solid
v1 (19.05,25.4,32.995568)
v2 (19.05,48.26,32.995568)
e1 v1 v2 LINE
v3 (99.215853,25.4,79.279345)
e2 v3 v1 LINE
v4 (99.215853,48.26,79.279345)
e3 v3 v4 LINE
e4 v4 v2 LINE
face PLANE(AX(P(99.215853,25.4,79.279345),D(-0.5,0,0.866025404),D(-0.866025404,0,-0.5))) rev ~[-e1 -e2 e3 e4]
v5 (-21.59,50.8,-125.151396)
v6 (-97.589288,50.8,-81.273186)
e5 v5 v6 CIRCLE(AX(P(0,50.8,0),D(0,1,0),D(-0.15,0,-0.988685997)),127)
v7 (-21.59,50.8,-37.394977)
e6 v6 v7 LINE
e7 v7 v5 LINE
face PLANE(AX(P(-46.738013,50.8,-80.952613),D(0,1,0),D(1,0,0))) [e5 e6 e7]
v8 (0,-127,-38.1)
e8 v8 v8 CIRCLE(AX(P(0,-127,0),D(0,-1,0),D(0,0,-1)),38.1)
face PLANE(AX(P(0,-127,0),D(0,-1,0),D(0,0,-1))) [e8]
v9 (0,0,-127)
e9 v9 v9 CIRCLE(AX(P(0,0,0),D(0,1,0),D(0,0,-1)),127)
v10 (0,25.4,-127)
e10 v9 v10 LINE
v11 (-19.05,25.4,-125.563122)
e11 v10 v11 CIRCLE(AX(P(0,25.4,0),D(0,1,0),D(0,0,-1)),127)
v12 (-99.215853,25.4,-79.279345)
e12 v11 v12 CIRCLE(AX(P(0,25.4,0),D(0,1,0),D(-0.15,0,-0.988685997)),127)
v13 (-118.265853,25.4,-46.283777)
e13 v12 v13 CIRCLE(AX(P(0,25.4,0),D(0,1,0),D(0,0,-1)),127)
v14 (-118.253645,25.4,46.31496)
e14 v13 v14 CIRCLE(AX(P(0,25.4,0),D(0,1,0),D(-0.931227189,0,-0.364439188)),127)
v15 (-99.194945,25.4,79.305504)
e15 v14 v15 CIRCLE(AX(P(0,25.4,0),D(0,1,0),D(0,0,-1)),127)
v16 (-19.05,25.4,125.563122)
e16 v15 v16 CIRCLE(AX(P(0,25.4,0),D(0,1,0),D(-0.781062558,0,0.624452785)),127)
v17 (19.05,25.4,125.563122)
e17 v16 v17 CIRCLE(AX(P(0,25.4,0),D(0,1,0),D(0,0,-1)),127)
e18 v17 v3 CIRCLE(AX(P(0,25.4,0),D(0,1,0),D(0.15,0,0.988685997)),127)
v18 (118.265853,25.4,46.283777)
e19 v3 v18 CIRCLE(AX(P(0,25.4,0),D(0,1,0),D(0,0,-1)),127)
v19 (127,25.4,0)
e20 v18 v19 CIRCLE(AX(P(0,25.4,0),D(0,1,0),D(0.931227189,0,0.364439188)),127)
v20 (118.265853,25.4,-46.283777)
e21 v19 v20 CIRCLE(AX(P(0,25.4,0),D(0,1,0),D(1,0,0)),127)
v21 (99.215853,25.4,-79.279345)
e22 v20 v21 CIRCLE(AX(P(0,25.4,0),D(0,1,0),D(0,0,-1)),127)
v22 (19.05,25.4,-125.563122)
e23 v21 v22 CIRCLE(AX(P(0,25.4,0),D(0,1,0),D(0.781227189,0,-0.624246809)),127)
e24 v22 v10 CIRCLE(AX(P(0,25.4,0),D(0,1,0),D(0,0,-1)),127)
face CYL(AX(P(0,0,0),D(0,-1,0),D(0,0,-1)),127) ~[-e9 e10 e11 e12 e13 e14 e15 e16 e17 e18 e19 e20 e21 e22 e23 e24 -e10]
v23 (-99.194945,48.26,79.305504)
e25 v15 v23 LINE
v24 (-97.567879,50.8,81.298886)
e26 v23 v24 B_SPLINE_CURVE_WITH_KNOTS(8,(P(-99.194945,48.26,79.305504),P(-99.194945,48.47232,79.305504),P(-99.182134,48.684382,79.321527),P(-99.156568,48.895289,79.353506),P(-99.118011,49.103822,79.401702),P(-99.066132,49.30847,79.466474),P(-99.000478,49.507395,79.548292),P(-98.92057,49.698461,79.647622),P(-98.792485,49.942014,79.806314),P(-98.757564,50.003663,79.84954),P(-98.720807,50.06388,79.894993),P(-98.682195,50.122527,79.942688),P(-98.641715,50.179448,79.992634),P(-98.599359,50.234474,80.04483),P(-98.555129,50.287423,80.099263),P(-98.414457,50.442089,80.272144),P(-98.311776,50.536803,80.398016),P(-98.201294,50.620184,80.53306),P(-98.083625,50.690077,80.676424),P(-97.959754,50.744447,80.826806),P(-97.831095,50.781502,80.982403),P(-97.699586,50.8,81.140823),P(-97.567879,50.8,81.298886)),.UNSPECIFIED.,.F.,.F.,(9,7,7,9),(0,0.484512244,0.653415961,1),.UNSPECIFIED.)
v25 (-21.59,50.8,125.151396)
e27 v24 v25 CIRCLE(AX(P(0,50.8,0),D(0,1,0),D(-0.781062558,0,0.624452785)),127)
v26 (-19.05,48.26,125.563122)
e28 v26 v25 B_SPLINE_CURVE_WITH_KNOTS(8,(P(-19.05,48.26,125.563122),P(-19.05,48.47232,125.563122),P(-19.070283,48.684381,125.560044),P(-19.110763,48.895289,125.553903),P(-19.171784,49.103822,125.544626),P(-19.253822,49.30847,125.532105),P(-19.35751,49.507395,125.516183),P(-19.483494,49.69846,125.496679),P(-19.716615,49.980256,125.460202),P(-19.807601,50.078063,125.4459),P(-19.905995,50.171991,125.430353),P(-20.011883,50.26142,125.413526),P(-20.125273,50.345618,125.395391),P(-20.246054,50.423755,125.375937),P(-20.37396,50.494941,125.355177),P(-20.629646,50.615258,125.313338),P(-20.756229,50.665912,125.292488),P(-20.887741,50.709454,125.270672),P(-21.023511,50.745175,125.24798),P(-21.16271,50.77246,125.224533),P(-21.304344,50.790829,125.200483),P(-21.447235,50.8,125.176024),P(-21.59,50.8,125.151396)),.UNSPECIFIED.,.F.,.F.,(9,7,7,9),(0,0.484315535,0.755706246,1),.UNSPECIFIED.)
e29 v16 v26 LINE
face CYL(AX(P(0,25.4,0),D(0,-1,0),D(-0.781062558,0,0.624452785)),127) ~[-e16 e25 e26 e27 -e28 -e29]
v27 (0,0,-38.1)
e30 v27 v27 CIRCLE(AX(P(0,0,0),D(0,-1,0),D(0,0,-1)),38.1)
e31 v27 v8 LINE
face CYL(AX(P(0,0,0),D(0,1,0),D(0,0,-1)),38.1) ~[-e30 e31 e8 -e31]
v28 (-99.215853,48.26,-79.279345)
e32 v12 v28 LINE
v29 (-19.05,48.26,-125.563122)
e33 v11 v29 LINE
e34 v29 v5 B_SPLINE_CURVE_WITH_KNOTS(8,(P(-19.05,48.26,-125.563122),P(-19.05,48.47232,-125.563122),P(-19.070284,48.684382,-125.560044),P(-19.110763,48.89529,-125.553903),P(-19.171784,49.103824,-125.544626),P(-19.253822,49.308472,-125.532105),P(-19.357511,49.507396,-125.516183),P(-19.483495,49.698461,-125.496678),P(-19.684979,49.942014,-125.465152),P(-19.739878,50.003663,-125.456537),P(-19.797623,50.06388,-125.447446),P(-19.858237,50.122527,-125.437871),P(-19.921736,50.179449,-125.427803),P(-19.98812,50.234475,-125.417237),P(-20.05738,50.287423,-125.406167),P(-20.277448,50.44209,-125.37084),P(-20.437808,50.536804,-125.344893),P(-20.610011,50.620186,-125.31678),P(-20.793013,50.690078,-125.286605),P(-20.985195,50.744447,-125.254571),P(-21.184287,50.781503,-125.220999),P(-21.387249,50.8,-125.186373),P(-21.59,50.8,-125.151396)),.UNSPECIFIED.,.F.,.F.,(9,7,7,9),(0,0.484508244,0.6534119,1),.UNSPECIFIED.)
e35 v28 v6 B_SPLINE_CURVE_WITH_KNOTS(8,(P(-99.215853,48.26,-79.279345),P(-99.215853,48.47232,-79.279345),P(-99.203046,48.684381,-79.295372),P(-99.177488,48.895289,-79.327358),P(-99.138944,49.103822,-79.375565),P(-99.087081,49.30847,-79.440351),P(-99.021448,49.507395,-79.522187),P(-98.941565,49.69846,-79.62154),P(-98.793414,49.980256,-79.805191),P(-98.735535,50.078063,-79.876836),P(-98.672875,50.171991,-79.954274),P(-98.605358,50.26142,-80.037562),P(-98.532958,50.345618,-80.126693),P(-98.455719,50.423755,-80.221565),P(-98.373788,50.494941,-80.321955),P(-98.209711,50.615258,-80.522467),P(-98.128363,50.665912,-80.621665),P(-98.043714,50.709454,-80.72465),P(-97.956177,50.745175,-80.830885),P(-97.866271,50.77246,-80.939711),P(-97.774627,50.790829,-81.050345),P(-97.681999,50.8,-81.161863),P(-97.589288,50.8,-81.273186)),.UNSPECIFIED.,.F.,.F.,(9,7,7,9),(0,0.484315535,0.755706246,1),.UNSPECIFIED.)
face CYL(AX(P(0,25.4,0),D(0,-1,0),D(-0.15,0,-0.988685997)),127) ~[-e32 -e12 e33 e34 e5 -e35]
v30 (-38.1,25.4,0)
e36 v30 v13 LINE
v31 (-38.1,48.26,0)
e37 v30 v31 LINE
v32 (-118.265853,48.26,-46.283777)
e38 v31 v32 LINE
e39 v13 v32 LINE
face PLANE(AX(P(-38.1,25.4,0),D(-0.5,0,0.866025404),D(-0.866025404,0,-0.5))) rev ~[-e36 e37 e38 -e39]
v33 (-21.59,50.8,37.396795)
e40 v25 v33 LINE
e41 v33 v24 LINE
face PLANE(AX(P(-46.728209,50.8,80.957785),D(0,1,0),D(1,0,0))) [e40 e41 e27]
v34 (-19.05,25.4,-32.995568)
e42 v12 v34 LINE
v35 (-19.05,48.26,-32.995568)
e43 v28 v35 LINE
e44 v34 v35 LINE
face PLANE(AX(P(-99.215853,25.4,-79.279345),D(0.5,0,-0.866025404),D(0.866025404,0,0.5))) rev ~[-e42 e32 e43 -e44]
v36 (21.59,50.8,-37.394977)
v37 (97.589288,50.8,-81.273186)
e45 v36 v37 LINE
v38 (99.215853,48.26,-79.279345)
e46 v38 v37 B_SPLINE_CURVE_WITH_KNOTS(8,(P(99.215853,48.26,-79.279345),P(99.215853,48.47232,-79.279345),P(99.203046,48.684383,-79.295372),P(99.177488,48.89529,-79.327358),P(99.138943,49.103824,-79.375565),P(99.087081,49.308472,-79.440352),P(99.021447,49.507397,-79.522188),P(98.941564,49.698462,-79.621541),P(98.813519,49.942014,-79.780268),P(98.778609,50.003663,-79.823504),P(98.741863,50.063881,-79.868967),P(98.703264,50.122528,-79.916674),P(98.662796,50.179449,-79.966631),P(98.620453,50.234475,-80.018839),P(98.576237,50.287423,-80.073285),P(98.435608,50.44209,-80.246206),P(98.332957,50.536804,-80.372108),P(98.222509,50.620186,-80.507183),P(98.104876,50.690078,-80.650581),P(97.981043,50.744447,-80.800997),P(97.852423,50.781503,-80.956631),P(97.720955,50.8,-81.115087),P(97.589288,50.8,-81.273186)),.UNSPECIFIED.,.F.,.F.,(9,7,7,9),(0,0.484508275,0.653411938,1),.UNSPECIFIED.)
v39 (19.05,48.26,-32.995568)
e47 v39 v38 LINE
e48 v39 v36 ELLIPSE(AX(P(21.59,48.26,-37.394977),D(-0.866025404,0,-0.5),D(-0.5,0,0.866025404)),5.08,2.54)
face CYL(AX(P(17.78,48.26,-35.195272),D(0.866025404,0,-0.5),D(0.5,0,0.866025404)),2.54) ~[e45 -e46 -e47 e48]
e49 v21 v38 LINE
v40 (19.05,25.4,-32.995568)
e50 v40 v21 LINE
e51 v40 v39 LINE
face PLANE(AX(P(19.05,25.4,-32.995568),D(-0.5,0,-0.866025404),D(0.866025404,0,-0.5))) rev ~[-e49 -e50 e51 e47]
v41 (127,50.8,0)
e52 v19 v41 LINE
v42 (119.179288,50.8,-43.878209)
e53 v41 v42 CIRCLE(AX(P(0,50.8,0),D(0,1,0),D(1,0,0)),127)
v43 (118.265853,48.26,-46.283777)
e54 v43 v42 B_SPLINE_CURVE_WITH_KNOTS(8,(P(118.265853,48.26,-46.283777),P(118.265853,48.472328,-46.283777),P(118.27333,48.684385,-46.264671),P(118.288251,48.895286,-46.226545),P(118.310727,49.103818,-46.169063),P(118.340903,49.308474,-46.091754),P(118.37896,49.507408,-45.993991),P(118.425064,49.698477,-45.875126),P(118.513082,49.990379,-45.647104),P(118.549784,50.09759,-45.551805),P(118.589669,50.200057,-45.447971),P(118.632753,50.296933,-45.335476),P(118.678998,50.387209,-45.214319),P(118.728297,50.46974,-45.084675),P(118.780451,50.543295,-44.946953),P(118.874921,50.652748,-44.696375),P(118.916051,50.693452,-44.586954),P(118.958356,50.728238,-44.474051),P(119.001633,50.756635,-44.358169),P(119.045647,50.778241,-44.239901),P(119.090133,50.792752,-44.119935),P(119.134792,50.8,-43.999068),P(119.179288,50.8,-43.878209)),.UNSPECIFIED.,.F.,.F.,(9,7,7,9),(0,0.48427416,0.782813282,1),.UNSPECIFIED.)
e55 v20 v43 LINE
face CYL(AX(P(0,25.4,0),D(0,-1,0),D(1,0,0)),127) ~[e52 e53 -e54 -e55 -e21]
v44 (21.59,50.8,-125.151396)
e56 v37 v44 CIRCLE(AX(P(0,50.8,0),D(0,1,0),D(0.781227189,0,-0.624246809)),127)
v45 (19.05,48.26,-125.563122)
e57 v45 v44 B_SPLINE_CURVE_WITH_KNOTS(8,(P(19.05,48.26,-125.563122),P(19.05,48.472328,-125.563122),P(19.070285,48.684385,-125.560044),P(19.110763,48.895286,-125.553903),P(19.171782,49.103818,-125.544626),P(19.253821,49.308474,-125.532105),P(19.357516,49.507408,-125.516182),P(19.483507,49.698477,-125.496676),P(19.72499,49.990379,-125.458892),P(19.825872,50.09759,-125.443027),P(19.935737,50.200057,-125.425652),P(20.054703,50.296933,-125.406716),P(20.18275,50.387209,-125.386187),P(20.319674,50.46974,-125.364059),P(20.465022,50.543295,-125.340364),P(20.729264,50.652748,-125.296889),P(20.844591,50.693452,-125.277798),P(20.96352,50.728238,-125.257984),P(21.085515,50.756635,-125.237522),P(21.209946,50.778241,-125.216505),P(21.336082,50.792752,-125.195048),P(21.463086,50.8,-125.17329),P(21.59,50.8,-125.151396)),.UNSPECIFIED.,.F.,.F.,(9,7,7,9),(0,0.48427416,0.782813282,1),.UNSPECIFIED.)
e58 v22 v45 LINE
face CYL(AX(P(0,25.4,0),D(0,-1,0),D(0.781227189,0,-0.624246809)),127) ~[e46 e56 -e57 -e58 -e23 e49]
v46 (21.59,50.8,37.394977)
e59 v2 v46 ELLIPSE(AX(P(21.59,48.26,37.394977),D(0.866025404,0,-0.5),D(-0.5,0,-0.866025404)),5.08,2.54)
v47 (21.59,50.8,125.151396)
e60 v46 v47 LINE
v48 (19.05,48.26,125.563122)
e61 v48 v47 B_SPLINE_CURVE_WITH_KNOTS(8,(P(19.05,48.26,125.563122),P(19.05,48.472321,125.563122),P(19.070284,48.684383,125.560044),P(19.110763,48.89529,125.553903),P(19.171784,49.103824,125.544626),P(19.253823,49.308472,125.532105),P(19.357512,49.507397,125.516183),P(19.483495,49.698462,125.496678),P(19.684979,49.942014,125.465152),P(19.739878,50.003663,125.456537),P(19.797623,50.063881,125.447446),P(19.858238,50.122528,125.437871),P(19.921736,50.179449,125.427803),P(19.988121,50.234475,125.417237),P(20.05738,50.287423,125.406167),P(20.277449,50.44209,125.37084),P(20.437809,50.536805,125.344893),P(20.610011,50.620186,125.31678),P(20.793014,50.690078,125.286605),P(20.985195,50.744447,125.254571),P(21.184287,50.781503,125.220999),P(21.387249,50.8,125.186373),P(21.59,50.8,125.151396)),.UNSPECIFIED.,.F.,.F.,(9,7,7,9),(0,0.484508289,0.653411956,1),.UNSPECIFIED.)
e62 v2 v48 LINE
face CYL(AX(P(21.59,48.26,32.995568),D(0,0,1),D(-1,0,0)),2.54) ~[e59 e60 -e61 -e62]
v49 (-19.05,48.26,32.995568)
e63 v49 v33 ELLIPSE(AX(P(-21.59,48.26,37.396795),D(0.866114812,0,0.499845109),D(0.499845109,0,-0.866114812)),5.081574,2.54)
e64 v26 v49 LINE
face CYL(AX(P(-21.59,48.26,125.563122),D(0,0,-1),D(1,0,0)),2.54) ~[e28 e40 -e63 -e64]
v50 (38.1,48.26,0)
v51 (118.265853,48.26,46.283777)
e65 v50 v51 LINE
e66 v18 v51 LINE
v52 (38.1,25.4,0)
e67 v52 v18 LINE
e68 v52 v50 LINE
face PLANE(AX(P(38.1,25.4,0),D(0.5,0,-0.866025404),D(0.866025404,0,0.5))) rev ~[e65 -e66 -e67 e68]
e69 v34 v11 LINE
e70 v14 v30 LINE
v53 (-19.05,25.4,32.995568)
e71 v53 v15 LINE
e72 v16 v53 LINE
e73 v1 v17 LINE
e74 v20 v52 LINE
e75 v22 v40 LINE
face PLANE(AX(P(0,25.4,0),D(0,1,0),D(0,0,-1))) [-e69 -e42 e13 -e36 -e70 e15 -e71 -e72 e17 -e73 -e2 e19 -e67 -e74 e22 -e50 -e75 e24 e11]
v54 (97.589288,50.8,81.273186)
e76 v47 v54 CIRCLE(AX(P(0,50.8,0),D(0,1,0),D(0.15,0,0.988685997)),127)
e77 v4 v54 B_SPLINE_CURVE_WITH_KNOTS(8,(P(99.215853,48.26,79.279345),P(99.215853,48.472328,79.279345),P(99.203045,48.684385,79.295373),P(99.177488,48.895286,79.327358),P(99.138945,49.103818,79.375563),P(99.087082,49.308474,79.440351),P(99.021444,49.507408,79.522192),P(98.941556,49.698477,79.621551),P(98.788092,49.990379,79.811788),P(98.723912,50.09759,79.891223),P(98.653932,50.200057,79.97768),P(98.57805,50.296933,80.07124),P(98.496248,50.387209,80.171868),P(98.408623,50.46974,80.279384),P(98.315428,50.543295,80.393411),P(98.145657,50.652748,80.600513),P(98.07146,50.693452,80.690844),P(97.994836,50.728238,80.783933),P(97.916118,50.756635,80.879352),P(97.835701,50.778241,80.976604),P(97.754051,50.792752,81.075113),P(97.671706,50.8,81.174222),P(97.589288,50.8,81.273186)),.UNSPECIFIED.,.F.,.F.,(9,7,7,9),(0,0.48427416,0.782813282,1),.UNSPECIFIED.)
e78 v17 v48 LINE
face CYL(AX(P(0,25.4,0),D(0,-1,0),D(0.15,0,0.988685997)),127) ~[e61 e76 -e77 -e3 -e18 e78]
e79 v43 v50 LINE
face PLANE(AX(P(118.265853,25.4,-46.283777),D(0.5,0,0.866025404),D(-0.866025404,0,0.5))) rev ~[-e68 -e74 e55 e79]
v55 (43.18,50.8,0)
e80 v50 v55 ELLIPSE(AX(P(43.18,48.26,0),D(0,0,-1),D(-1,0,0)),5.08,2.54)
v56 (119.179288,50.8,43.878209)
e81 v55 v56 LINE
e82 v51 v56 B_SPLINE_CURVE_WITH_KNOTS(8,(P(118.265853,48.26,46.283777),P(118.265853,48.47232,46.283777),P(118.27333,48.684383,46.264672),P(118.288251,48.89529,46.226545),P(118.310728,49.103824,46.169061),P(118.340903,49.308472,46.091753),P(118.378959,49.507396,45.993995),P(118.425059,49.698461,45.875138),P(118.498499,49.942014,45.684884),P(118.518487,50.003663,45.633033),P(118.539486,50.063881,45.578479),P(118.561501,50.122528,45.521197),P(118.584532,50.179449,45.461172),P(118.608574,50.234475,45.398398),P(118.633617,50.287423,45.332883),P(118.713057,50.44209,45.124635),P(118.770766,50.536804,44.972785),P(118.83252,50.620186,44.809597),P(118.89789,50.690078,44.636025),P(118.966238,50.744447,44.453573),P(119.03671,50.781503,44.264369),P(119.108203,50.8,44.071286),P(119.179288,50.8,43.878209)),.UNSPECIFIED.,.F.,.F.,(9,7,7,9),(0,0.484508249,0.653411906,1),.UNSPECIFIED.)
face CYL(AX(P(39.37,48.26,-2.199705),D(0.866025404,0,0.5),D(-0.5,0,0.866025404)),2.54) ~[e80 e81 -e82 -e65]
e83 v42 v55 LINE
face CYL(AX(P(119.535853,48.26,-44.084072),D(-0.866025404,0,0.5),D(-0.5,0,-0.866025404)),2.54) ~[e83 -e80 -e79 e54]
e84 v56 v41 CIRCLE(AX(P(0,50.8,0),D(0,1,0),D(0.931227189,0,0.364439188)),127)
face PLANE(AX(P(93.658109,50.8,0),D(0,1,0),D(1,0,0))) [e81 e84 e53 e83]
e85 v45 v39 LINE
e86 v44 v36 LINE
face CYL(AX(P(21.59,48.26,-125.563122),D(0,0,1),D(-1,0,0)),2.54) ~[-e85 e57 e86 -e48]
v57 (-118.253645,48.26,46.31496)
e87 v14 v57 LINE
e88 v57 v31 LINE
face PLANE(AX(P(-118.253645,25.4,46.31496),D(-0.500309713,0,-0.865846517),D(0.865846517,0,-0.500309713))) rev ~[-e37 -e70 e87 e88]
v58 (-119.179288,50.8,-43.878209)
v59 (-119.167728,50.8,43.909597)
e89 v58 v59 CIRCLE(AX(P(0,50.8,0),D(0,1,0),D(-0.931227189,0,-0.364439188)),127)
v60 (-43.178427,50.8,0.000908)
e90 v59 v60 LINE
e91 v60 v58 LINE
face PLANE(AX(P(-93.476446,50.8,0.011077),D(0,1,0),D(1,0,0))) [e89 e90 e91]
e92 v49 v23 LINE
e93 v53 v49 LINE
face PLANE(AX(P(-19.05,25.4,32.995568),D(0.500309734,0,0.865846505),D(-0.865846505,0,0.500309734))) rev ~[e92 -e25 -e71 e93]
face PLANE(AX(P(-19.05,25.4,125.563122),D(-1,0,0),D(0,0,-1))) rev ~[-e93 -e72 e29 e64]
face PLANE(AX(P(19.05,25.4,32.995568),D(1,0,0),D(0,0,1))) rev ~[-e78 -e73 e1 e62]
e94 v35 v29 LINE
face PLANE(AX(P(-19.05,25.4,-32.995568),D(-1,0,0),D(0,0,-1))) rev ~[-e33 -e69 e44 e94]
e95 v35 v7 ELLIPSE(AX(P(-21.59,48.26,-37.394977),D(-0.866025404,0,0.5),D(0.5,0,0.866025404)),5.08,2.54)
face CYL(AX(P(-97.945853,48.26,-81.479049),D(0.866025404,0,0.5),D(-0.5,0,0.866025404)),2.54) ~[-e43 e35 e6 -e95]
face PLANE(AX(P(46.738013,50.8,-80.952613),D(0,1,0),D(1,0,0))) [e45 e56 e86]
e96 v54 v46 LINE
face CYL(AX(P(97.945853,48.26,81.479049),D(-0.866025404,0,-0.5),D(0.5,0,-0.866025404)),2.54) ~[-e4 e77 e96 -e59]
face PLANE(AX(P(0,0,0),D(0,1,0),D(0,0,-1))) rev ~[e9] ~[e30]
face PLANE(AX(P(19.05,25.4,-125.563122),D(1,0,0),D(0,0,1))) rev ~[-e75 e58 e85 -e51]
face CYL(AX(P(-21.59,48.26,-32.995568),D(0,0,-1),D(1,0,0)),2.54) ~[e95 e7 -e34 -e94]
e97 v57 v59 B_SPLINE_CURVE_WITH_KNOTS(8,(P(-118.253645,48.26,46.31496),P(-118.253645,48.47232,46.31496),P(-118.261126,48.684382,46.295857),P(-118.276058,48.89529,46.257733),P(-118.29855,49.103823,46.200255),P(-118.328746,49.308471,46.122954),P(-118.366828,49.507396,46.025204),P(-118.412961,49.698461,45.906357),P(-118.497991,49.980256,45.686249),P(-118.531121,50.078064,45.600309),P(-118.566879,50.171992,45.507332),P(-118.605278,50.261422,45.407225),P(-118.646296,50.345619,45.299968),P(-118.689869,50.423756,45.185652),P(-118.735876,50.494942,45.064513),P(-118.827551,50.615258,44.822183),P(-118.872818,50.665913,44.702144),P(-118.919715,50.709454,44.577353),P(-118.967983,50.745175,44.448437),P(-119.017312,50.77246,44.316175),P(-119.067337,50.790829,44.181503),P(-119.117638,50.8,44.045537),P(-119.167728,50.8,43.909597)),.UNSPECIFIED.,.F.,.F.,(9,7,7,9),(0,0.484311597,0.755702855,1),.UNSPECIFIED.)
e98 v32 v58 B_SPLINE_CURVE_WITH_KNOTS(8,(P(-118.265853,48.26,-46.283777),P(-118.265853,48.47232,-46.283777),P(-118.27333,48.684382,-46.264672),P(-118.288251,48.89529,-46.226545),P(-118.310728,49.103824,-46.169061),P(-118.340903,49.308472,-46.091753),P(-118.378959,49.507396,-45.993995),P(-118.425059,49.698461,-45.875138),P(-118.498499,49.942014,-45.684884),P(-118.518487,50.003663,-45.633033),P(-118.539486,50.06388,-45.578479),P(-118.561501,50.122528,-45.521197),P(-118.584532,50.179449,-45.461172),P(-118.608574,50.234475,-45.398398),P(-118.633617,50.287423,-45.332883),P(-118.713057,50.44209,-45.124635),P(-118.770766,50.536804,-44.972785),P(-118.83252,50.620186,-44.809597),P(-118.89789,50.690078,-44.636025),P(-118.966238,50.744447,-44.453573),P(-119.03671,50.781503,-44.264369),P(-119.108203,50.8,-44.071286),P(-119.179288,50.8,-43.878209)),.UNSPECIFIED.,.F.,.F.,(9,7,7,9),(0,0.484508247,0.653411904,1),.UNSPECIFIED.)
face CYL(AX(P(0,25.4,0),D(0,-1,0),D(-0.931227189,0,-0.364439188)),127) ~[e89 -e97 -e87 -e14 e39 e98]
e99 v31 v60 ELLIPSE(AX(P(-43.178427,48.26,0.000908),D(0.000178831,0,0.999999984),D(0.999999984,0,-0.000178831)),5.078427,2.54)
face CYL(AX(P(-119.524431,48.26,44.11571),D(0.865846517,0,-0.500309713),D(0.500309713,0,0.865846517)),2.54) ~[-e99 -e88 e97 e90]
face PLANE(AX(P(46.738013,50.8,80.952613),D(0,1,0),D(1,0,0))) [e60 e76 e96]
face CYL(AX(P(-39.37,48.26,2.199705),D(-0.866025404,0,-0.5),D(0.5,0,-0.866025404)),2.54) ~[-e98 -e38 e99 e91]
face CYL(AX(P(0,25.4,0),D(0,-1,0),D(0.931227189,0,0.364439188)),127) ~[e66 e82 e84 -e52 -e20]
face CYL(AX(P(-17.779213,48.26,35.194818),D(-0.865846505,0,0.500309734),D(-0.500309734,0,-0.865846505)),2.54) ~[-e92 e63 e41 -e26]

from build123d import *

# Parameters (mm, degrees)
SKETCH1_R           = 127
BOSS_EXTRUDE1_DEPTH = 25.4
BOSS_EXTRUDE2_DEPTH = 25.4
SKETCH3_R           = 38.1
BOSS_EXTRUDE3_DEPTH = 127
FILLET1_R           = 2.54


with BuildPart() as part:
    # Sketch1 → Boss-Extrude1 (new body)
    with BuildSketch(Plane(origin=(0, 0, 0), x_dir=(1, 0, 0), z_dir=(0, 1, 0))):
        with Locations(Location((0, 0, 0), (0, 0, 90))):
            Circle(SKETCH1_R)
    extrude(amount=BOSS_EXTRUDE1_DEPTH)

    # Sketch2 → Boss-Extrude2 (add)
    with BuildSketch(Plane(origin=(0, 25.4, 0), x_dir=(1, 0, 0), z_dir=(0, 1, 0))):
        with BuildLine():
            Line((-118.25364463, -46.314960129), (-38.1, 0))
            Line((-38.1, 0), (-118.265853064, 46.283776846))
            ThreePointArc((-118.265853064, 46.283776846), (-126.999998896, -0.016743976), (-118.25364463, -46.314960129))
        make_face()
        with BuildLine():
            Line((-99.215853064, 79.27934473), (-19.05, 32.995567884))
            Line((-19.05, 32.995567884), (-19.05, 125.563121576))
            ThreePointArc((-19.05, 125.563121576), (-63.5, 109.985226281), (-99.215853064, 79.27934473))
        make_face()
        with BuildLine():
            Line((19.05, 125.563121576), (19.05, 32.995567884))
            Line((19.05, 32.995567884), (99.215853064, 79.27934473))
            ThreePointArc((99.215853064, 79.27934473), (63.5, 109.985226281), (19.05, 125.563121576))
        make_face()
        with BuildLine():
            Line((118.265853064, 46.283776846), (38.1, 0))
            Line((38.1, 0), (118.265853064, -46.283776846))
            ThreePointArc((118.265853064, -46.283776846), (124.79736243, -23.550336101), (127, 0))
            ThreePointArc((127, 0), (124.79736243, 23.550336101), (118.265853064, 46.283776846))
        make_face()
        with BuildLine():
            Line((99.215853064, -79.27934473), (19.05, -32.995567884))
            Line((19.05, -32.995567884), (19.05, -125.563121576))
            ThreePointArc((19.05, -125.563121576), (63.5, -109.985226281), (99.215853064, -79.27934473))
        make_face()
        with BuildLine():
            Line((-19.05, -125.563121576), (-19.05, -32.995567884))
            Line((-19.05, -32.995567884), (-99.194944867, -79.305503673))
            ThreePointArc((-99.194944867, -79.305503673), (-63.485498739, -109.993597313), (-19.05, -125.563121576))
        make_face()
    extrude(amount=BOSS_EXTRUDE2_DEPTH)

    # Sketch3 → Boss-Extrude3 (add)
    with BuildSketch(Plane.XZ):
        with Locations(Location((0, 0, 0), (0, 0, 270))):
            Circle(SKETCH3_R)
    extrude(amount=BOSS_EXTRUDE3_DEPTH)

    # Fillet1
    fillet1_edges = [part.edges().sort_by_distance(p)[0] for p in [
        (-59.132926532, 50.8, -56.137456307),
        (-19.05, 50.8, -79.27934473),
        (19.05, 50.8, -79.27934473),
        (59.132926532, 50.8, -56.137456307),
        (78.182926532, 50.8, -23.141888423),
        (78.182926532, 50.8, 23.141888423),
        (59.132926532, 50.8, 56.137456307),
        (19.05, 50.8, 79.27934473),
        (-19.05, 50.8, 79.27934473),
        (-59.122472434, 50.8, 56.150535779),
        (-78.176822315, 50.8, 23.157480064),
        (-78.182926532, 50.8, -23.141888423),
    ]]
    fillet(fillet1_edges, radius=FILLET1_R)


solid = part.part
